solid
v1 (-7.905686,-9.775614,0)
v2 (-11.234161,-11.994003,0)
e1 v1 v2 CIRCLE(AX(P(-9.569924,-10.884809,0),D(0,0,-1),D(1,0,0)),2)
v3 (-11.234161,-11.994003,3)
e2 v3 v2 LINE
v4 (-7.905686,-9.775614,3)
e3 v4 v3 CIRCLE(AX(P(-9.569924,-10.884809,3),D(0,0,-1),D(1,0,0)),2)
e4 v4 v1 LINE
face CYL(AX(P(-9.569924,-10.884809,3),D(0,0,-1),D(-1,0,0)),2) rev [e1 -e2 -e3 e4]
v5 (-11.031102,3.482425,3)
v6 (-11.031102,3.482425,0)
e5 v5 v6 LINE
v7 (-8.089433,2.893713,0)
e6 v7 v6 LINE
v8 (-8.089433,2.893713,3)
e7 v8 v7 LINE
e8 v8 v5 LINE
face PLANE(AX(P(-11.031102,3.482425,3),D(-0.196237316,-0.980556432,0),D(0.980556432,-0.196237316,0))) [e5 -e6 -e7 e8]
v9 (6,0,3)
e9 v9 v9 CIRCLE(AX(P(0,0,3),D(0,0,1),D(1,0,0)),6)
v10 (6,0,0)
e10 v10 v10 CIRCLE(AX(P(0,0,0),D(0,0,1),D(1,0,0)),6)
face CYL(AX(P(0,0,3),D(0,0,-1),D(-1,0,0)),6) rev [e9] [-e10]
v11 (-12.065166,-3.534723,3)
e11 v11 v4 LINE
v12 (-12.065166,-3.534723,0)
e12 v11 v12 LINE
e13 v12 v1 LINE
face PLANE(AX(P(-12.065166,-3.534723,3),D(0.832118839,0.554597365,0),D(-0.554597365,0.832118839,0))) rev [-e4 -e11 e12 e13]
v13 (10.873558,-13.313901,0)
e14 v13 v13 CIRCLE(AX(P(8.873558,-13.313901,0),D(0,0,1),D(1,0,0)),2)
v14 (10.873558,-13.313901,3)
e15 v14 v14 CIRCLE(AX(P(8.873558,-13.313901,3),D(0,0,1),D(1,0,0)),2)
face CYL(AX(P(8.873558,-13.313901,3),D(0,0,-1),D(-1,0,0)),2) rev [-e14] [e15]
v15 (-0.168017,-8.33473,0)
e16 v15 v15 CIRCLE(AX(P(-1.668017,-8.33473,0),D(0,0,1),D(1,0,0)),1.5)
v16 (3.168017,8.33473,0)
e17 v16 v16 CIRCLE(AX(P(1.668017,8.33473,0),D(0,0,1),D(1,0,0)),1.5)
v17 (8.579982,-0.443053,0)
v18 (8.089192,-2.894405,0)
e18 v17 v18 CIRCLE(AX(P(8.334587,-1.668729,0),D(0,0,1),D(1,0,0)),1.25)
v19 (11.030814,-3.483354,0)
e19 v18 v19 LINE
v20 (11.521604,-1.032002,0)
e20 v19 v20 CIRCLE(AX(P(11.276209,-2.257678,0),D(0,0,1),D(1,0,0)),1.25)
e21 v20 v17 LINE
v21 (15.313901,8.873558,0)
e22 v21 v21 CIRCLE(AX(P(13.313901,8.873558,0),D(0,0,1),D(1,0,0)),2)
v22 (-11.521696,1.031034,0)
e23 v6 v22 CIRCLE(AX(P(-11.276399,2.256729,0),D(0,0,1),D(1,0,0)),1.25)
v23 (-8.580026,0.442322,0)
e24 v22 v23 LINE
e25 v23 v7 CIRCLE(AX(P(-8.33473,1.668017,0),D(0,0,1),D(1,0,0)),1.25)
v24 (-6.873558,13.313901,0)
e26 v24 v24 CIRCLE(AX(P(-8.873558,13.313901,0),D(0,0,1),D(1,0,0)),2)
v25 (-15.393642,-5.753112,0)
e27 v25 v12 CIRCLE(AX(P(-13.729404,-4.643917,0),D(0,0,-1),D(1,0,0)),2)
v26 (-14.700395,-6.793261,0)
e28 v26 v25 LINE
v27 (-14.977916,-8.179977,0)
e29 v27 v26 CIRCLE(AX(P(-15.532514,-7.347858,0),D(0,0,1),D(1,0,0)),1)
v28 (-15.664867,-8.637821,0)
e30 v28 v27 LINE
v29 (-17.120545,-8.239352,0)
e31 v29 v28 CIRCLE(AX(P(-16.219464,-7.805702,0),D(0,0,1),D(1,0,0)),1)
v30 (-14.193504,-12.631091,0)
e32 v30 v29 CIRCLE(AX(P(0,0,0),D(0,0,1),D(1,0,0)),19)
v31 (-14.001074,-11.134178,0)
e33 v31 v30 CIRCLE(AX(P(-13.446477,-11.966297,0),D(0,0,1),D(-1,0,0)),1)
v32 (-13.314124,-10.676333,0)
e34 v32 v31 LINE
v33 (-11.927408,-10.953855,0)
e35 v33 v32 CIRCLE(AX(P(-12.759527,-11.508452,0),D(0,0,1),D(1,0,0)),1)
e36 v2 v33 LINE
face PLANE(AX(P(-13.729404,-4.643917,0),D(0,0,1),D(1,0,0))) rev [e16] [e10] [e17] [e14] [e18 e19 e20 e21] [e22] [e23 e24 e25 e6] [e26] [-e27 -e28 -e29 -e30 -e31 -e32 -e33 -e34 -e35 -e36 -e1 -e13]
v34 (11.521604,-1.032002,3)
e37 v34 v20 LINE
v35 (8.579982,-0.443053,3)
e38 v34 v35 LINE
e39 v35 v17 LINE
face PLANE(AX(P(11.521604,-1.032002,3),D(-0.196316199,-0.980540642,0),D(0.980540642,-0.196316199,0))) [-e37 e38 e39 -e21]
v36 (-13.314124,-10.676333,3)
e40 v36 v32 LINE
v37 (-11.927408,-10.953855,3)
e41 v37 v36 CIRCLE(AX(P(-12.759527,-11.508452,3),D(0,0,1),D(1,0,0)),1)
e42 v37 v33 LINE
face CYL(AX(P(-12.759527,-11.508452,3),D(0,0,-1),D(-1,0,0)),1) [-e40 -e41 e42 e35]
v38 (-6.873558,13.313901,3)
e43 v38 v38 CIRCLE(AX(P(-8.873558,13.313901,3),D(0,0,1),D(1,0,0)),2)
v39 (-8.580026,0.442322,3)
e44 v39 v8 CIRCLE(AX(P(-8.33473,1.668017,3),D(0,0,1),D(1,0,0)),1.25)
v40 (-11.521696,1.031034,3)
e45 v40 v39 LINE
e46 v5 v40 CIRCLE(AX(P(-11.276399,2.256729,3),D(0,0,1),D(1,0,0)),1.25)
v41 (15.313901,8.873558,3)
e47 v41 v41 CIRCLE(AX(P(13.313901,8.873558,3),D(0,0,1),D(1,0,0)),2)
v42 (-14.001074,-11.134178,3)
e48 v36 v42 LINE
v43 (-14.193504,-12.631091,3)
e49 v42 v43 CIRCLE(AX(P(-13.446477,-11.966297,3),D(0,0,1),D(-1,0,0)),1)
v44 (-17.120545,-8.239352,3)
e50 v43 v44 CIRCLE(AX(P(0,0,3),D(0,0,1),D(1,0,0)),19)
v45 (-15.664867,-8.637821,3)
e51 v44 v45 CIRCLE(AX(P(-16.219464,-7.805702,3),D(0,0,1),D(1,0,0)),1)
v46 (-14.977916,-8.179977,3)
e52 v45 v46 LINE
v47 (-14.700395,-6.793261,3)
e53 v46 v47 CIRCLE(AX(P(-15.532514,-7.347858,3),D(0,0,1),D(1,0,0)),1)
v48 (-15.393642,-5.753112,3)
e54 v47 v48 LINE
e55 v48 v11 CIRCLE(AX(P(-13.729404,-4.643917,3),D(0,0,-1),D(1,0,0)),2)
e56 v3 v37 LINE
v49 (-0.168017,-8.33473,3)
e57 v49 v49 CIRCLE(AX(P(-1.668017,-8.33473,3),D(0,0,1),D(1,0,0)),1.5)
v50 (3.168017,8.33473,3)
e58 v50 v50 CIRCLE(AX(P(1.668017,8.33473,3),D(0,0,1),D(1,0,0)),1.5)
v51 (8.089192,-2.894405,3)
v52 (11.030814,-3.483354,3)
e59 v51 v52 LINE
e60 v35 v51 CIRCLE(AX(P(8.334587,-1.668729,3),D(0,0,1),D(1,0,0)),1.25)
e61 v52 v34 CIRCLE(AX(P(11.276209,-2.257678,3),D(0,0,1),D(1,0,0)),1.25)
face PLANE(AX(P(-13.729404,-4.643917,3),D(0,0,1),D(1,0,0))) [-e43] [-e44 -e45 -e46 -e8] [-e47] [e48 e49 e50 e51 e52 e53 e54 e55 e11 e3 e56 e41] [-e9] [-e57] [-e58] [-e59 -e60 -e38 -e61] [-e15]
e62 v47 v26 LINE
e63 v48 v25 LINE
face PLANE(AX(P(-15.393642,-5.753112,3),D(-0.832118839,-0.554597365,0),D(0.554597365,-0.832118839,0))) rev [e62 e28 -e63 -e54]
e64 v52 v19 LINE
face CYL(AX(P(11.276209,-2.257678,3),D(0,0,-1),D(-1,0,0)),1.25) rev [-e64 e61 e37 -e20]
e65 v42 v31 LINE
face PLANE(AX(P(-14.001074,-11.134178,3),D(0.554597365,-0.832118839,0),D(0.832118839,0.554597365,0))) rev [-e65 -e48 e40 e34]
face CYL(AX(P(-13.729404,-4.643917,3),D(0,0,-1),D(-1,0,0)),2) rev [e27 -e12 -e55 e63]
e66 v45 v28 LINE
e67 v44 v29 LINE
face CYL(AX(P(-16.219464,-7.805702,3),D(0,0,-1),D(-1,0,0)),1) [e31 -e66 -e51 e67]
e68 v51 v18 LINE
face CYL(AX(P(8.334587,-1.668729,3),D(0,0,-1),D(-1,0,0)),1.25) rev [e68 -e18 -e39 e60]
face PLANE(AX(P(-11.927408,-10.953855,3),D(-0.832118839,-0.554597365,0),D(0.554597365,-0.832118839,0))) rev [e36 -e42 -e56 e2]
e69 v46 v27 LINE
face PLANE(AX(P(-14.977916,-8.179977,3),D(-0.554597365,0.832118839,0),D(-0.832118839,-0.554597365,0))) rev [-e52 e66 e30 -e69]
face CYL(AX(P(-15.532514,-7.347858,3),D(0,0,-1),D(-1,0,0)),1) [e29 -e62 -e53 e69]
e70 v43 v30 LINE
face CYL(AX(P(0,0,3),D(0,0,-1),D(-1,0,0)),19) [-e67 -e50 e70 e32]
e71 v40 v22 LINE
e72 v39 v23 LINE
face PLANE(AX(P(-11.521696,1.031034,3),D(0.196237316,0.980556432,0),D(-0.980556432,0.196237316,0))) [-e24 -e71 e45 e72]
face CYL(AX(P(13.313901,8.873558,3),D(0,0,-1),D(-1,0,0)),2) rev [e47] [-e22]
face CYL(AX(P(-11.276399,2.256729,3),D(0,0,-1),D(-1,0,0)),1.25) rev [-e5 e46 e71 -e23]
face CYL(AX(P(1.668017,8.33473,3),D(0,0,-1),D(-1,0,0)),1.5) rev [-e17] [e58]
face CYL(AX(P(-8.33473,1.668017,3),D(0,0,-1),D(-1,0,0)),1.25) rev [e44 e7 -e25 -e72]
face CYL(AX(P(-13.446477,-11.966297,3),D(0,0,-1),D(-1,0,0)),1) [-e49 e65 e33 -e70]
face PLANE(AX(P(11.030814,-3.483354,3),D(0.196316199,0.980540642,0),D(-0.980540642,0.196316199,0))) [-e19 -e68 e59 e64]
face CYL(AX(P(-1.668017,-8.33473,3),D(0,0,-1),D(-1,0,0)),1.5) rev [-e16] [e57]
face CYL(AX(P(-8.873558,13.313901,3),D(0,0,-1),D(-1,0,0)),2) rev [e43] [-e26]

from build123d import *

# Parameters (mm, degrees)
SKETCH1_R           = 2
SKETCH1_R_2         = 6
SKETCH1_R_3         = 1.5
BOSS_EXTRUDE1_DEPTH = 3


with BuildPart() as part:
    # Sketch1 → Boss-Extrude1 (new body)
    with BuildSketch(Plane.XY):
        with BuildLine():
            Line((-12.06516619, -3.534722735), (-7.905685951, -9.775614029))
            ThreePointArc((-7.905685951, -9.775614029), (-8.460728899, -12.549046438), (-11.234161307, -11.99400349))
            Line((-11.234161307, -11.99400349), (-11.927408014, -10.953854941))
            ThreePointArc((-11.927408014, -10.953854941), (-12.563289537, -10.527895875), (-13.314124218, -10.676333467))
            Line((-13.314124218, -10.676333467), (-14.001074492, -11.1341777))
            ThreePointArc((-14.001074492, -11.1341777), (-14.438315509, -11.838795077), (-14.193503634, -12.631090792))
            ThreePointArc((-14.193503634, -12.631090792), (15.810257944, 10.537349939), (-17.120545284, -8.239352474))
            ThreePointArc((-17.120545284, -8.239352474), (-16.483484999, -8.770219263), (-15.664866588, -8.637821183))
            Line((-15.664866588, -8.637821183), (-14.977916314, -8.17997695))
            ThreePointArc((-14.977916314, -8.17997695), (-14.551957247, -7.544095427), (-14.70039484, -6.793260745))
            Line((-14.70039484, -6.793260745), (-15.393641546, -5.753112196))
            ThreePointArc((-15.393641546, -5.753112196), (-14.838598598, -2.979679788), (-12.06516619, -3.534722735))
        make_face()
        with Locations((-8.873557843, 13.313901427)):
            Circle(SKETCH1_R, mode=Mode.SUBTRACT)
        with Locations((13.31390139, 8.873557851)):
            Circle(SKETCH1_R, mode=Mode.SUBTRACT)
        with Locations((8.873557814, -13.313901383)):
            Circle(SKETCH1_R, mode=Mode.SUBTRACT)
        Circle(SKETCH1_R_2, mode=Mode.SUBTRACT)
        with Locations((1.668017187, 8.334729669)):
            Circle(SKETCH1_R_3, mode=Mode.SUBTRACT)
        with Locations((-1.668017187, -8.334729669)):
            Circle(SKETCH1_R_3, mode=Mode.SUBTRACT)
        with BuildLine():
            Line((-11.031102319, 3.482424676), (-8.089433024, 2.893712727))
            ThreePointArc((-8.089433024, 2.893712727), (-7.10903413, 1.422720542), (-8.580026315, 0.442321648))
            Line((-8.580026315, 0.442321648), (-11.52169561, 1.031033596))
            ThreePointArc((-11.52169561, 1.031033596), (-12.502094504, 2.502025781), (-11.031102319, 3.482424676))
        make_face(mode=Mode.SUBTRACT)
        with BuildLine():
            Line((11.03081381, -3.483353645), (8.089191886, -2.894405046))
            ThreePointArc((8.089191886, -2.894405046), (7.108911333, -1.423333995), (8.579982384, -0.443053442))
            Line((8.579982384, -0.443053442), (11.521604309, -1.032002041))
            ThreePointArc((11.521604309, -1.032002041), (12.501884862, -2.503073092), (11.03081381, -3.483353645))
        make_face(mode=Mode.SUBTRACT)
    extrude(amount=BOSS_EXTRUDE1_DEPTH)


solid = part.part
